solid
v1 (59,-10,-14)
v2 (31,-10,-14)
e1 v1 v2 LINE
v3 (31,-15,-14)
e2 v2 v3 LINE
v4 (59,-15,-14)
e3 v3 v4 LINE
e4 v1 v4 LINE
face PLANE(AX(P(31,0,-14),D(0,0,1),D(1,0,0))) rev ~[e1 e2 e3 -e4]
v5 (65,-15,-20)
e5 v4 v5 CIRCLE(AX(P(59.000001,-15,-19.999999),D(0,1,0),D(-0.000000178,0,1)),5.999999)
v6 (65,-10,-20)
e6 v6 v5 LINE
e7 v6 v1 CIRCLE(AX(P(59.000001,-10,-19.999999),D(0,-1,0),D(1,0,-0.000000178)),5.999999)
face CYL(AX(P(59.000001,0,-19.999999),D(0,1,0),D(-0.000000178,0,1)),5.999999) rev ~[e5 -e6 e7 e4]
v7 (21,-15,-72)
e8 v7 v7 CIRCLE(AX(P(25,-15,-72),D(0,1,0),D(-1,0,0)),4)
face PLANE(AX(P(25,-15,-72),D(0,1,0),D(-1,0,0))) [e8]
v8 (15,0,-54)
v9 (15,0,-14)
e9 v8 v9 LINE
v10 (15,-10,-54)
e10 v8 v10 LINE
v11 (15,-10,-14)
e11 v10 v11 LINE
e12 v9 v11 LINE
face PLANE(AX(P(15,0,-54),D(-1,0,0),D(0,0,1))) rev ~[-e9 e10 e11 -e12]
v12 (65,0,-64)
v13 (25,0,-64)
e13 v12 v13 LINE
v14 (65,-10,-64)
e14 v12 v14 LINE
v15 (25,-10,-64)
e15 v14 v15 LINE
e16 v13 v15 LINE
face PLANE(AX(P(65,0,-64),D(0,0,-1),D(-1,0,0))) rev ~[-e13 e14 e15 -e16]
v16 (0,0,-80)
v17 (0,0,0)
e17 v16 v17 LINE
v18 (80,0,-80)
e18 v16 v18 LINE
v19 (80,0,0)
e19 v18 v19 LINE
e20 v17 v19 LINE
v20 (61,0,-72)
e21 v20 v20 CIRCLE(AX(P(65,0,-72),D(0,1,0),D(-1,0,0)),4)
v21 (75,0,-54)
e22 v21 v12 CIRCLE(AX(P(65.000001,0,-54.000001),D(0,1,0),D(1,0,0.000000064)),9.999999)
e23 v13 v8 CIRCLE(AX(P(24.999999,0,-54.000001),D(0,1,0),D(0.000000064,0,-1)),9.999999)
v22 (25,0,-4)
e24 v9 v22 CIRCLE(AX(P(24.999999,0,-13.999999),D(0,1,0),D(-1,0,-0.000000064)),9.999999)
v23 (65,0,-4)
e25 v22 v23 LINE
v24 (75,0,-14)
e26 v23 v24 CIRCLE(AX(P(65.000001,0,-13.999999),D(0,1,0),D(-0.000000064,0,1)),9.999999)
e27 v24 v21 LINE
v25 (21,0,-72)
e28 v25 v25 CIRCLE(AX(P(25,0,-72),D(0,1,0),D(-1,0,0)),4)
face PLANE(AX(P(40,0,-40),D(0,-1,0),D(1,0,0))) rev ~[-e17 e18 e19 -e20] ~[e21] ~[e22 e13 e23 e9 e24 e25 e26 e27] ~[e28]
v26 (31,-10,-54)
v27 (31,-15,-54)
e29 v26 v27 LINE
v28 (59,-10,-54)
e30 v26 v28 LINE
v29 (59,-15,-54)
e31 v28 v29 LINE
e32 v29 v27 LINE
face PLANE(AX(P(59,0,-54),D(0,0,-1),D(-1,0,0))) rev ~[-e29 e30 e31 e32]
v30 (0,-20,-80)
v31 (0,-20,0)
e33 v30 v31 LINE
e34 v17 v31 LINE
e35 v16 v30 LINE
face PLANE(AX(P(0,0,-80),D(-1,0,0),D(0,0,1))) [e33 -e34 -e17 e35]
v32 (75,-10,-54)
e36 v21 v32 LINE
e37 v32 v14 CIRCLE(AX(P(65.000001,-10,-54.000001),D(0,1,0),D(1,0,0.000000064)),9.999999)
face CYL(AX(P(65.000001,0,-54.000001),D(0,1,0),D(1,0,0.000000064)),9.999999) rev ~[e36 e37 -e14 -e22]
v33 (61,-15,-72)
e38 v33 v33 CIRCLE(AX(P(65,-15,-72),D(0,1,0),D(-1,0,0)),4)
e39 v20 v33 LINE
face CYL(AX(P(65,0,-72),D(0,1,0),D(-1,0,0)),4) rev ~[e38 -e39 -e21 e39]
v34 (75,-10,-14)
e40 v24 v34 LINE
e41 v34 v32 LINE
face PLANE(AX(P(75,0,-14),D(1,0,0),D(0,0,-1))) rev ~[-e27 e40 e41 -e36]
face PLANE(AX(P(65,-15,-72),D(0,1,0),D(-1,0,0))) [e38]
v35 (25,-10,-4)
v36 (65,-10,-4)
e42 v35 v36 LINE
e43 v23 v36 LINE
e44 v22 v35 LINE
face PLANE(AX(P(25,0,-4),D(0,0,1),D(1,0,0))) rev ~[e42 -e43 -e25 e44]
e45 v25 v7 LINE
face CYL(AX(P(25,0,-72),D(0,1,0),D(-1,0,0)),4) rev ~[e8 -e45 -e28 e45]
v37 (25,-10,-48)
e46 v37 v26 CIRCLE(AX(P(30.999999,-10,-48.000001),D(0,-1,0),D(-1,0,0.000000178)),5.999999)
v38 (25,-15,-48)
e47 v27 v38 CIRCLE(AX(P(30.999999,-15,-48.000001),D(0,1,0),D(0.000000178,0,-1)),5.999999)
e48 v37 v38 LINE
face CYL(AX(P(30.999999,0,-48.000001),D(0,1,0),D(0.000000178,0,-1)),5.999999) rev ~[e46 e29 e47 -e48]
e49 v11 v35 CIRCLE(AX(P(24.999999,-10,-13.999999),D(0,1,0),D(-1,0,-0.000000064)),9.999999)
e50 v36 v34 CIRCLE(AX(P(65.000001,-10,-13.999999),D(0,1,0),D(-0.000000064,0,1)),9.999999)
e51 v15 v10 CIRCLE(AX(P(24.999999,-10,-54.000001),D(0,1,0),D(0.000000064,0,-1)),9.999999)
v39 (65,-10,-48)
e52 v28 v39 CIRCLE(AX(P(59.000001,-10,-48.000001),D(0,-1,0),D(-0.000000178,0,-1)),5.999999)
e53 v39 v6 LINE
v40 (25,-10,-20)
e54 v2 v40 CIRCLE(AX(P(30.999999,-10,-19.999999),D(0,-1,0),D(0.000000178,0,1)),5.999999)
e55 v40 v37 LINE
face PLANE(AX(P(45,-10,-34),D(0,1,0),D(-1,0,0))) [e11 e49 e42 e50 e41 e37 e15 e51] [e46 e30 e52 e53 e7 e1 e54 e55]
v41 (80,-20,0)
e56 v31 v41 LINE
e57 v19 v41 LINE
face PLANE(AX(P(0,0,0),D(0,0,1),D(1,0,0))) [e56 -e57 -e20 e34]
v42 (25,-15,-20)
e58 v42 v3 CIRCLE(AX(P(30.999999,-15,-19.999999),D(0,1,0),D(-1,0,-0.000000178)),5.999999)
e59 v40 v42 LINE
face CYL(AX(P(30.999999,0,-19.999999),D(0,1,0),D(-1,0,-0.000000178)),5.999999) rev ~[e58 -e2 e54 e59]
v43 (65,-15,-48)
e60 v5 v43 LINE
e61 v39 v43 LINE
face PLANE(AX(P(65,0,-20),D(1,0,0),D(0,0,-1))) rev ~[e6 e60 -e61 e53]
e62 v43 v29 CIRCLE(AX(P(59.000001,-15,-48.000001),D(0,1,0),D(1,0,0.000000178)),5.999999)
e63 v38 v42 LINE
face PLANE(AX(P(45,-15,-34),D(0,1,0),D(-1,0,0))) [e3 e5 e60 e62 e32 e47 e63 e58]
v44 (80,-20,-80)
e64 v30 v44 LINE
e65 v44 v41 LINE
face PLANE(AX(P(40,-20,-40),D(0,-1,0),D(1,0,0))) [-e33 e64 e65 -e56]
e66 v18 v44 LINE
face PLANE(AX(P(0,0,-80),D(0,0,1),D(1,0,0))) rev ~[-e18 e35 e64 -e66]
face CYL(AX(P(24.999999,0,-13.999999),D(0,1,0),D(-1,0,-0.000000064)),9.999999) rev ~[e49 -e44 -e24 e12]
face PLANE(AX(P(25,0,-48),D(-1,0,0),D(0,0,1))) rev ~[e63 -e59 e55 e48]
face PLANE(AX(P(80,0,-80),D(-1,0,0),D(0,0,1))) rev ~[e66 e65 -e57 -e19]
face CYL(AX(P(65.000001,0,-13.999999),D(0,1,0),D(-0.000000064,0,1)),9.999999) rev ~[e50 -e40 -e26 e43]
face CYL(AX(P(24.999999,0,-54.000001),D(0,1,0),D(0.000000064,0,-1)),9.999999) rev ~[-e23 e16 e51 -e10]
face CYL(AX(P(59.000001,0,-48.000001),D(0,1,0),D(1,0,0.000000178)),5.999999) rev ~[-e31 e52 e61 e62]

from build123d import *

# Parameters (mm, degrees)
F0_W     = 80
F0_H     = 80
F1_DEPTH = 20
F2_R     = 4
F3_DEPTH = 15
F4_DEPTH = 15
F5_DEPTH = 10


with BuildPart() as f1:
    # F0 (on Front) → F1 (new body)
    with BuildSketch(Plane.XZ):
        with Locations((40, -40)):
            Rectangle(F0_W, F0_H)
    extrude(amount=F1_DEPTH)

    # F2 (on face) → F3 (cut)
    with BuildSketch(Plane(origin=(0, 0, 0), x_dir=(-1, 0, 0), z_dir=(0, 1, 0))):
        with Locations((-65, -72)):
            Circle(F2_R)
        with Locations((-25, -72)):
            Circle(F2_R)
    extrude(amount=-F3_DEPTH, mode=Mode.SUBTRACT)

    # F2 (on face) → F4 (cut)
    with BuildSketch(Plane(origin=(0, 0, 0), x_dir=(-1, 0, 0), z_dir=(0, 1, 0))):
        with BuildLine():
            ThreePointArc((-65, -48), (-63.242641, -52.242641), (-59, -54))
            Line((-59, -54), (-31, -54))
            ThreePointArc((-31, -54), (-26.757359, -52.242641), (-25, -48))
            Line((-25, -48), (-25, -20))
            ThreePointArc((-25, -20), (-26.757359, -15.757359), (-31, -14))
            Line((-31, -14), (-59, -14))
            ThreePointArc((-59, -14), (-63.242641, -15.757359), (-65, -20))
            Line((-65, -20), (-65, -48))
        make_face()
    extrude(amount=-F4_DEPTH, mode=Mode.SUBTRACT)

    # F2 (on face) → F5 (cut)
    with BuildSketch(Plane(origin=(0, 0, 0), x_dir=(-1, 0, 0), z_dir=(0, 1, 0))):
        with BuildLine():
            Line((-75, -14), (-75, -54))
            ThreePointArc((-75, -54), (-72.071068, -61.071068), (-65, -64))
            Line((-65, -64), (-25, -64))
            ThreePointArc((-25, -64), (-17.928932, -61.071068), (-15, -54))
            Line((-15, -54), (-15, -14))
            ThreePointArc((-15, -14), (-17.928932, -6.928932), (-25, -4))
            Line((-25, -4), (-65, -4))
            ThreePointArc((-65, -4), (-72.071068, -6.928932), (-75, -14))
        make_face()
        with BuildLine():
            Line((-31, -54), (-59, -54))
            ThreePointArc((-59, -54), (-63.242641, -52.242641), (-65, -48))
            Line((-65, -48), (-65, -20))
            ThreePointArc((-65, -20), (-63.242641, -15.757359), (-59, -14))
            Line((-59, -14), (-31, -14))
            ThreePointArc((-31, -14), (-26.757359, -15.757359), (-25, -20))
            Line((-25, -20), (-25, -48))
            ThreePointArc((-25, -48), (-26.757359, -52.242641), (-31, -54))
        make_face(mode=Mode.SUBTRACT)
    extrude(amount=-F5_DEPTH, mode=Mode.SUBTRACT)


solid = f1.part
